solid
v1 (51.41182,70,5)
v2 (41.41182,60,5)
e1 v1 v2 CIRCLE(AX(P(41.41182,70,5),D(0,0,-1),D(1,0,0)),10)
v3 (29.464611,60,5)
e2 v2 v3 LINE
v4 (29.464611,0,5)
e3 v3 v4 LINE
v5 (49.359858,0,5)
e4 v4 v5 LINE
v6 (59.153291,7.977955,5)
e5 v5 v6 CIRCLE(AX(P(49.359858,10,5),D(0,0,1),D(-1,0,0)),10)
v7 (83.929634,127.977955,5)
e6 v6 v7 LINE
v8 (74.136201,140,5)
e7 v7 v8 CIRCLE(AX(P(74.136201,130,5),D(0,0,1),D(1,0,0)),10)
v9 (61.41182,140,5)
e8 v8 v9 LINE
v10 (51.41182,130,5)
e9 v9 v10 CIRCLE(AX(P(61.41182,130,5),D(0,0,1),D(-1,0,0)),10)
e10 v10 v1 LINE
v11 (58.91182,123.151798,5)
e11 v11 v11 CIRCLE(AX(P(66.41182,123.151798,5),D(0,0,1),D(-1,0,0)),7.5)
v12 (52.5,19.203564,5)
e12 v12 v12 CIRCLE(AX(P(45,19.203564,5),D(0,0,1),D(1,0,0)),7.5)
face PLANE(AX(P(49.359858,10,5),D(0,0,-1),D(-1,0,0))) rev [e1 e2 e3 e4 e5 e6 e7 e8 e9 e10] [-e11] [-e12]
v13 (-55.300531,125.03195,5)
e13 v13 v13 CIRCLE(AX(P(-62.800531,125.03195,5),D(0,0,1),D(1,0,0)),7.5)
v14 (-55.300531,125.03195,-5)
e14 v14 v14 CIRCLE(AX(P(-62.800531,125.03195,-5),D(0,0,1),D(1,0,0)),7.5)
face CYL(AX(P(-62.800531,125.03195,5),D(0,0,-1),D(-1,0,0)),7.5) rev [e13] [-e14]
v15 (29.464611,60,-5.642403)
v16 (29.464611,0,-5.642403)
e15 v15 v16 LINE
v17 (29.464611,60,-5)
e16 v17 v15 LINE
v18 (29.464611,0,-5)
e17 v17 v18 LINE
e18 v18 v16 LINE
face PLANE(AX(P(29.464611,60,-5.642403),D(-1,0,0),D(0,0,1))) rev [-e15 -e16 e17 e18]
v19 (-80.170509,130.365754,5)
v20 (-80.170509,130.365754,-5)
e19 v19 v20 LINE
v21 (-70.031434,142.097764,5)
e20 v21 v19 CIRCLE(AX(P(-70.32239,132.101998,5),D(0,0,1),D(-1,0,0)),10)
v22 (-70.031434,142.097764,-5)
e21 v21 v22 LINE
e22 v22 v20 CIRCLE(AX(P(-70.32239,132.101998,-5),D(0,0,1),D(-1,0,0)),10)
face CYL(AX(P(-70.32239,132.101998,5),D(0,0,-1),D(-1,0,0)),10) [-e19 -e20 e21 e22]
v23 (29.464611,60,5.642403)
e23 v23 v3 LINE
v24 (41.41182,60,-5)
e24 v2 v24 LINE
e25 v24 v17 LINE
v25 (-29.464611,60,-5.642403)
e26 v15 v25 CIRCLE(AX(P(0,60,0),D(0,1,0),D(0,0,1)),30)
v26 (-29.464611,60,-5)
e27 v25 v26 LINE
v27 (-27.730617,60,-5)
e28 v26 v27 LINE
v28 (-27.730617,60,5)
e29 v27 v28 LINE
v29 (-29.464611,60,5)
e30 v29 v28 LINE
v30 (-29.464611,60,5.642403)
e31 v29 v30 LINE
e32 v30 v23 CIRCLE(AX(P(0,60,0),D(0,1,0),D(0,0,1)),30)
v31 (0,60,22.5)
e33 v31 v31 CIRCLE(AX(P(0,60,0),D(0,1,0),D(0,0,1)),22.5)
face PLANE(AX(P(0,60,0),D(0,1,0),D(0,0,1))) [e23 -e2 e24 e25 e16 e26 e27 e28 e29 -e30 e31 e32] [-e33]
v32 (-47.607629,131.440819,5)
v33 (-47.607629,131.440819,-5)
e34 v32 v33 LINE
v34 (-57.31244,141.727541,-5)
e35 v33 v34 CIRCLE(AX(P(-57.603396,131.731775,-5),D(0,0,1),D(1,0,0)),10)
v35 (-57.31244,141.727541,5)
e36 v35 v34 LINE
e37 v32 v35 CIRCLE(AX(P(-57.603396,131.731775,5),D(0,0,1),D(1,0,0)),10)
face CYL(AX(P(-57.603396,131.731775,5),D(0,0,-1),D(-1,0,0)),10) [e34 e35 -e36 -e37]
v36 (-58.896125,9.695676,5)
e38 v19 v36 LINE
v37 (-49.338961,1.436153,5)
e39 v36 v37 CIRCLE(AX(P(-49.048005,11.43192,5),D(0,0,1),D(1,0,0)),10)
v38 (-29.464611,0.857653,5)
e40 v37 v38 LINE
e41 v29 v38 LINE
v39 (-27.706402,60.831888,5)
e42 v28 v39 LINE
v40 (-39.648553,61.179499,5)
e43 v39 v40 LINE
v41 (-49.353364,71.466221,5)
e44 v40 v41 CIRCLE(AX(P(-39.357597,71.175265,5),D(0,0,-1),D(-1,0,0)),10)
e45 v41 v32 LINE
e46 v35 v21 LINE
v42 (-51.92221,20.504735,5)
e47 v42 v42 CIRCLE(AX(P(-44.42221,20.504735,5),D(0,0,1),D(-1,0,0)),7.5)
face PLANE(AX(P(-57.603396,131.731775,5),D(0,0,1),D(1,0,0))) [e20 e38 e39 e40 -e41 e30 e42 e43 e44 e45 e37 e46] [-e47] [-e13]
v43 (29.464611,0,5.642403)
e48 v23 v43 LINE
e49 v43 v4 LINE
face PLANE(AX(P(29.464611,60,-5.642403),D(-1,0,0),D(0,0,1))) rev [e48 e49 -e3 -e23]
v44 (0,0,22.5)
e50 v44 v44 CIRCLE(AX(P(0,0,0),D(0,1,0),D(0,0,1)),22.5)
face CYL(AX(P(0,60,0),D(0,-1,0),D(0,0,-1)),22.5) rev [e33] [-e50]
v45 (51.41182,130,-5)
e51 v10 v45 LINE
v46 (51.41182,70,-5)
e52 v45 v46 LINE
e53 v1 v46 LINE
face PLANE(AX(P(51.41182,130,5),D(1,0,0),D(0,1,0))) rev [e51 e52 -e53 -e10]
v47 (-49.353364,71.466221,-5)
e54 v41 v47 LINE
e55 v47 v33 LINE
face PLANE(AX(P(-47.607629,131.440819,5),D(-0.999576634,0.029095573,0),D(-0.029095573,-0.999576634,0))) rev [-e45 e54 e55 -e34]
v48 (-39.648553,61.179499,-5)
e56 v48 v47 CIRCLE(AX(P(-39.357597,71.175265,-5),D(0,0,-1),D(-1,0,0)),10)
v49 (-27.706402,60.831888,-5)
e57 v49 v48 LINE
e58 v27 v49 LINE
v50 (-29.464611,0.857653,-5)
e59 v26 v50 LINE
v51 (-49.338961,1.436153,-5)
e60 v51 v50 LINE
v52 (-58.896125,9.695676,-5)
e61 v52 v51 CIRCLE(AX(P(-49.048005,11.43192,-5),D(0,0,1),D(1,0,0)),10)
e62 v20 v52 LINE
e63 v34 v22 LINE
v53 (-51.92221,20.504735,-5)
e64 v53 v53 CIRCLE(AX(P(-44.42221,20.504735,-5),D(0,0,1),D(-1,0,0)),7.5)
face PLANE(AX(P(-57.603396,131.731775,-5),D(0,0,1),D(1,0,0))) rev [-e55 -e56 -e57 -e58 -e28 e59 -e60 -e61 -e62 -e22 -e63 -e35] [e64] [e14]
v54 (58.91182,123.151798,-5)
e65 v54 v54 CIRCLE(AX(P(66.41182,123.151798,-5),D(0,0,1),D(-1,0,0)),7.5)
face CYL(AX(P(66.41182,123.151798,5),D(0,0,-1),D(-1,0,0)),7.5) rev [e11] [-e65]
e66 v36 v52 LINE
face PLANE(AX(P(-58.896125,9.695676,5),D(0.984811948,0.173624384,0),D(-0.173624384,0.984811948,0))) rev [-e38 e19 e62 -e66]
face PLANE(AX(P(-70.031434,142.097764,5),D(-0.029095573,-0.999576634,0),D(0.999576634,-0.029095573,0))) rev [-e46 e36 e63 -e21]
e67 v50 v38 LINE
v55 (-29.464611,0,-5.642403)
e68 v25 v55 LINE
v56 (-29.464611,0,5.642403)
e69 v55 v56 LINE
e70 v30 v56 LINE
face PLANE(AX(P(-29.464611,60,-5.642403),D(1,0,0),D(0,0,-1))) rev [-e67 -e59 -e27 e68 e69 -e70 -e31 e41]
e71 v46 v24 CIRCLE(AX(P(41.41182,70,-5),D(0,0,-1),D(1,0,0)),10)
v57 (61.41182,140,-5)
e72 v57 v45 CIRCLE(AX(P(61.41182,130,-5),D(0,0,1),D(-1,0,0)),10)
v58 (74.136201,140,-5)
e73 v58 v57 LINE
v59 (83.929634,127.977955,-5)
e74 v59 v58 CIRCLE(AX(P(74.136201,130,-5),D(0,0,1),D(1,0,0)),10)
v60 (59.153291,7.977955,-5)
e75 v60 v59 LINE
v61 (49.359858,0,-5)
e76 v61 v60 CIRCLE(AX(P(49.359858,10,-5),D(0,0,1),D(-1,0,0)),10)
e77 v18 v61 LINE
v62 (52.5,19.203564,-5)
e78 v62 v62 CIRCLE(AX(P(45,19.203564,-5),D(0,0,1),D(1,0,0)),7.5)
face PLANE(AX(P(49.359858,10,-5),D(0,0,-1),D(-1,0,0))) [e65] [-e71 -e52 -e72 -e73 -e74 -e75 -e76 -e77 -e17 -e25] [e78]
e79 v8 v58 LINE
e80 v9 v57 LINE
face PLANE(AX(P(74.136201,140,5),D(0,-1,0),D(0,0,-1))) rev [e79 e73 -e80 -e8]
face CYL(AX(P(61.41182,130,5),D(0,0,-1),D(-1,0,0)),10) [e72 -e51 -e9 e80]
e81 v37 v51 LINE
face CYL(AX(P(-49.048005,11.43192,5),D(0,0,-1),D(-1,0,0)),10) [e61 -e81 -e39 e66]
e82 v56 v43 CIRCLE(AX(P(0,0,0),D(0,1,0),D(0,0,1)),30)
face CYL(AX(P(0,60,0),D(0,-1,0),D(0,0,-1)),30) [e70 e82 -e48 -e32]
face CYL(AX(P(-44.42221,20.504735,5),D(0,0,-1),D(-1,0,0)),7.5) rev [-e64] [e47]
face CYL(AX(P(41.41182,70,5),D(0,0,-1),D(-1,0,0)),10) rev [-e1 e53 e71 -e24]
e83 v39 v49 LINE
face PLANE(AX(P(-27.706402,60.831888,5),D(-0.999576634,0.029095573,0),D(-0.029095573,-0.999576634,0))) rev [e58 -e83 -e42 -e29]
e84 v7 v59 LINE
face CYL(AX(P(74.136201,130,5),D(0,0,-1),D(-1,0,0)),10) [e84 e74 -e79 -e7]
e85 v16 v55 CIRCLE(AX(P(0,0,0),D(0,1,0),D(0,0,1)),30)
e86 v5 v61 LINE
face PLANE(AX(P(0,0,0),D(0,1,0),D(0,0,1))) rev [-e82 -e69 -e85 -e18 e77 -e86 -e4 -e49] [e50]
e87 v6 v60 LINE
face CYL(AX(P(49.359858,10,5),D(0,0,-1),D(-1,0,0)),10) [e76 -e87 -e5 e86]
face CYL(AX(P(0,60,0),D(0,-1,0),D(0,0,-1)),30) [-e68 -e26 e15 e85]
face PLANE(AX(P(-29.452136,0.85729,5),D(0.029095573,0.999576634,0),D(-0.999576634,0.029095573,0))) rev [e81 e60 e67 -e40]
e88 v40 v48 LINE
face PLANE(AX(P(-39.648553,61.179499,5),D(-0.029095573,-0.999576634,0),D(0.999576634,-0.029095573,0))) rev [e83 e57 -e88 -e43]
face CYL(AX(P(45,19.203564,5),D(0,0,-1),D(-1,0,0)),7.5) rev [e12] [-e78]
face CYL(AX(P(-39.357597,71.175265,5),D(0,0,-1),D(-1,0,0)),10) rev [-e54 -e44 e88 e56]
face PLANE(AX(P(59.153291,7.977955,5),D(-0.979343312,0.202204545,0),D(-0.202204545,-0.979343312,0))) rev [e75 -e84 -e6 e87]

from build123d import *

# Parameters (mm, degrees)
CROQUIS1_R              = 22.5
SALIENTE_EXTRUIR1_DEPTH = 60
CROQUIS2_R              = 7.5
SALIENTE_EXTRUIR2_DEPTH = 5


with BuildPart() as part:
    # Croquis1 → Saliente-Extruir1 (new body)
    with BuildSketch(Plane(origin=(0, 0, 0), x_dir=(1, 0, 0), z_dir=(0, 1, 0))):
        with BuildLine():
            Line((-29.464610793, 5.64240293), (-29.464610793, -5.64240293))
            ThreePointArc((-29.464610793, -5.64240293), (0, -30), (29.464610793, -5.64240293))
            Line((29.464610793, -5.64240293), (29.464610793, 5.64240293))
            ThreePointArc((29.464610793, 5.64240293), (0, 30), (-29.464610793, 5.64240293))
        make_face()
        with Locations(Location((0, 0, 0), (0, 0, 270))):  # turned: the seam where the file's is
            Circle(CROQUIS1_R, mode=Mode.SUBTRACT)
    extrude(amount=SALIENTE_EXTRUIR1_DEPTH)

    # Croquis2 → Saliente-Extruir2 (add, symmetric)
    with BuildSketch(Plane.XY):
        with BuildLine():
            Line((29.464610793, 60), (29.464610793, 0))
            Line((29.464610793, 0), (49.359858197, 0))
            ThreePointArc((49.359858197, 0), (55.675693274, 2.246921433), (59.153291312, 7.977954546))
            Line((59.153291312, 7.977954546), (83.929633957, 127.977954546))
            ThreePointArc((83.929633957, 127.977954546), (81.889279409, 136.315835078), (74.136200842, 140))
            Line((74.136200842, 140), (61.411819936, 140))
            ThreePointArc((61.411819936, 140), (54.340752124, 137.071067812), (51.411819936, 130))
            Line((51.411819936, 130), (51.411819936, 70))
            ThreePointArc((51.411819936, 70), (48.482887748, 62.928932188), (41.411819936, 60))
            Line((41.411819936, 60), (29.464610793, 60))
        make_face()
        with Locations((45, 19.203564165)):
            Circle(CROQUIS2_R, mode=Mode.SUBTRACT)
        with Locations(Location((66.411819936, 123.15179788, 0), (0, 0, 180))):  # turned: the seam where the file's is
            Circle(CROQUIS2_R, mode=Mode.SUBTRACT)
        with BuildLine():
            Line((-39.648553202, 61.179498685), (-27.706402099, 60.831887788))
            Line((-27.706402099, 60.831887788), (-29.452136484, 0.857289737))
            Line((-29.452136484, 0.857289737), (-49.33896092, 1.436153362))
            ThreePointArc((-49.33896092, 1.436153362), (-55.586746623, 3.865886366), (-58.896124671, 9.695675863))
            Line((-58.896124671, 9.695675863), (-80.17050909, 130.365753854))
            ThreePointArc((-80.17050909, 130.365753854), (-77.888422947, 138.640739128), (-70.031433878, 142.097764037))
            Line((-70.031433878, 142.097764037), (-57.31244004, 141.727540882))
            ThreePointArc((-57.31244004, 141.727540882), (-50.329584837, 138.594111934), (-47.607629428, 131.44081881))
            Line((-47.607629428, 131.44081881), (-49.353363814, 71.466220758))
            ThreePointArc((-49.353363814, 71.466220758), (-46.631408405, 64.312927634), (-39.648553202, 61.179498685))
        make_face()
        with Locations((-62.800531307, 125.03194958)):
            Circle(CROQUIS2_R, mode=Mode.SUBTRACT)
        with Locations(Location((-44.422209834, 20.504734822, 0), (0, 0, 180))):  # turned: the seam where the file's is
            Circle(CROQUIS2_R, mode=Mode.SUBTRACT)
    extrude(amount=SALIENTE_EXTRUIR2_DEPTH, both=True)


solid = part.part
